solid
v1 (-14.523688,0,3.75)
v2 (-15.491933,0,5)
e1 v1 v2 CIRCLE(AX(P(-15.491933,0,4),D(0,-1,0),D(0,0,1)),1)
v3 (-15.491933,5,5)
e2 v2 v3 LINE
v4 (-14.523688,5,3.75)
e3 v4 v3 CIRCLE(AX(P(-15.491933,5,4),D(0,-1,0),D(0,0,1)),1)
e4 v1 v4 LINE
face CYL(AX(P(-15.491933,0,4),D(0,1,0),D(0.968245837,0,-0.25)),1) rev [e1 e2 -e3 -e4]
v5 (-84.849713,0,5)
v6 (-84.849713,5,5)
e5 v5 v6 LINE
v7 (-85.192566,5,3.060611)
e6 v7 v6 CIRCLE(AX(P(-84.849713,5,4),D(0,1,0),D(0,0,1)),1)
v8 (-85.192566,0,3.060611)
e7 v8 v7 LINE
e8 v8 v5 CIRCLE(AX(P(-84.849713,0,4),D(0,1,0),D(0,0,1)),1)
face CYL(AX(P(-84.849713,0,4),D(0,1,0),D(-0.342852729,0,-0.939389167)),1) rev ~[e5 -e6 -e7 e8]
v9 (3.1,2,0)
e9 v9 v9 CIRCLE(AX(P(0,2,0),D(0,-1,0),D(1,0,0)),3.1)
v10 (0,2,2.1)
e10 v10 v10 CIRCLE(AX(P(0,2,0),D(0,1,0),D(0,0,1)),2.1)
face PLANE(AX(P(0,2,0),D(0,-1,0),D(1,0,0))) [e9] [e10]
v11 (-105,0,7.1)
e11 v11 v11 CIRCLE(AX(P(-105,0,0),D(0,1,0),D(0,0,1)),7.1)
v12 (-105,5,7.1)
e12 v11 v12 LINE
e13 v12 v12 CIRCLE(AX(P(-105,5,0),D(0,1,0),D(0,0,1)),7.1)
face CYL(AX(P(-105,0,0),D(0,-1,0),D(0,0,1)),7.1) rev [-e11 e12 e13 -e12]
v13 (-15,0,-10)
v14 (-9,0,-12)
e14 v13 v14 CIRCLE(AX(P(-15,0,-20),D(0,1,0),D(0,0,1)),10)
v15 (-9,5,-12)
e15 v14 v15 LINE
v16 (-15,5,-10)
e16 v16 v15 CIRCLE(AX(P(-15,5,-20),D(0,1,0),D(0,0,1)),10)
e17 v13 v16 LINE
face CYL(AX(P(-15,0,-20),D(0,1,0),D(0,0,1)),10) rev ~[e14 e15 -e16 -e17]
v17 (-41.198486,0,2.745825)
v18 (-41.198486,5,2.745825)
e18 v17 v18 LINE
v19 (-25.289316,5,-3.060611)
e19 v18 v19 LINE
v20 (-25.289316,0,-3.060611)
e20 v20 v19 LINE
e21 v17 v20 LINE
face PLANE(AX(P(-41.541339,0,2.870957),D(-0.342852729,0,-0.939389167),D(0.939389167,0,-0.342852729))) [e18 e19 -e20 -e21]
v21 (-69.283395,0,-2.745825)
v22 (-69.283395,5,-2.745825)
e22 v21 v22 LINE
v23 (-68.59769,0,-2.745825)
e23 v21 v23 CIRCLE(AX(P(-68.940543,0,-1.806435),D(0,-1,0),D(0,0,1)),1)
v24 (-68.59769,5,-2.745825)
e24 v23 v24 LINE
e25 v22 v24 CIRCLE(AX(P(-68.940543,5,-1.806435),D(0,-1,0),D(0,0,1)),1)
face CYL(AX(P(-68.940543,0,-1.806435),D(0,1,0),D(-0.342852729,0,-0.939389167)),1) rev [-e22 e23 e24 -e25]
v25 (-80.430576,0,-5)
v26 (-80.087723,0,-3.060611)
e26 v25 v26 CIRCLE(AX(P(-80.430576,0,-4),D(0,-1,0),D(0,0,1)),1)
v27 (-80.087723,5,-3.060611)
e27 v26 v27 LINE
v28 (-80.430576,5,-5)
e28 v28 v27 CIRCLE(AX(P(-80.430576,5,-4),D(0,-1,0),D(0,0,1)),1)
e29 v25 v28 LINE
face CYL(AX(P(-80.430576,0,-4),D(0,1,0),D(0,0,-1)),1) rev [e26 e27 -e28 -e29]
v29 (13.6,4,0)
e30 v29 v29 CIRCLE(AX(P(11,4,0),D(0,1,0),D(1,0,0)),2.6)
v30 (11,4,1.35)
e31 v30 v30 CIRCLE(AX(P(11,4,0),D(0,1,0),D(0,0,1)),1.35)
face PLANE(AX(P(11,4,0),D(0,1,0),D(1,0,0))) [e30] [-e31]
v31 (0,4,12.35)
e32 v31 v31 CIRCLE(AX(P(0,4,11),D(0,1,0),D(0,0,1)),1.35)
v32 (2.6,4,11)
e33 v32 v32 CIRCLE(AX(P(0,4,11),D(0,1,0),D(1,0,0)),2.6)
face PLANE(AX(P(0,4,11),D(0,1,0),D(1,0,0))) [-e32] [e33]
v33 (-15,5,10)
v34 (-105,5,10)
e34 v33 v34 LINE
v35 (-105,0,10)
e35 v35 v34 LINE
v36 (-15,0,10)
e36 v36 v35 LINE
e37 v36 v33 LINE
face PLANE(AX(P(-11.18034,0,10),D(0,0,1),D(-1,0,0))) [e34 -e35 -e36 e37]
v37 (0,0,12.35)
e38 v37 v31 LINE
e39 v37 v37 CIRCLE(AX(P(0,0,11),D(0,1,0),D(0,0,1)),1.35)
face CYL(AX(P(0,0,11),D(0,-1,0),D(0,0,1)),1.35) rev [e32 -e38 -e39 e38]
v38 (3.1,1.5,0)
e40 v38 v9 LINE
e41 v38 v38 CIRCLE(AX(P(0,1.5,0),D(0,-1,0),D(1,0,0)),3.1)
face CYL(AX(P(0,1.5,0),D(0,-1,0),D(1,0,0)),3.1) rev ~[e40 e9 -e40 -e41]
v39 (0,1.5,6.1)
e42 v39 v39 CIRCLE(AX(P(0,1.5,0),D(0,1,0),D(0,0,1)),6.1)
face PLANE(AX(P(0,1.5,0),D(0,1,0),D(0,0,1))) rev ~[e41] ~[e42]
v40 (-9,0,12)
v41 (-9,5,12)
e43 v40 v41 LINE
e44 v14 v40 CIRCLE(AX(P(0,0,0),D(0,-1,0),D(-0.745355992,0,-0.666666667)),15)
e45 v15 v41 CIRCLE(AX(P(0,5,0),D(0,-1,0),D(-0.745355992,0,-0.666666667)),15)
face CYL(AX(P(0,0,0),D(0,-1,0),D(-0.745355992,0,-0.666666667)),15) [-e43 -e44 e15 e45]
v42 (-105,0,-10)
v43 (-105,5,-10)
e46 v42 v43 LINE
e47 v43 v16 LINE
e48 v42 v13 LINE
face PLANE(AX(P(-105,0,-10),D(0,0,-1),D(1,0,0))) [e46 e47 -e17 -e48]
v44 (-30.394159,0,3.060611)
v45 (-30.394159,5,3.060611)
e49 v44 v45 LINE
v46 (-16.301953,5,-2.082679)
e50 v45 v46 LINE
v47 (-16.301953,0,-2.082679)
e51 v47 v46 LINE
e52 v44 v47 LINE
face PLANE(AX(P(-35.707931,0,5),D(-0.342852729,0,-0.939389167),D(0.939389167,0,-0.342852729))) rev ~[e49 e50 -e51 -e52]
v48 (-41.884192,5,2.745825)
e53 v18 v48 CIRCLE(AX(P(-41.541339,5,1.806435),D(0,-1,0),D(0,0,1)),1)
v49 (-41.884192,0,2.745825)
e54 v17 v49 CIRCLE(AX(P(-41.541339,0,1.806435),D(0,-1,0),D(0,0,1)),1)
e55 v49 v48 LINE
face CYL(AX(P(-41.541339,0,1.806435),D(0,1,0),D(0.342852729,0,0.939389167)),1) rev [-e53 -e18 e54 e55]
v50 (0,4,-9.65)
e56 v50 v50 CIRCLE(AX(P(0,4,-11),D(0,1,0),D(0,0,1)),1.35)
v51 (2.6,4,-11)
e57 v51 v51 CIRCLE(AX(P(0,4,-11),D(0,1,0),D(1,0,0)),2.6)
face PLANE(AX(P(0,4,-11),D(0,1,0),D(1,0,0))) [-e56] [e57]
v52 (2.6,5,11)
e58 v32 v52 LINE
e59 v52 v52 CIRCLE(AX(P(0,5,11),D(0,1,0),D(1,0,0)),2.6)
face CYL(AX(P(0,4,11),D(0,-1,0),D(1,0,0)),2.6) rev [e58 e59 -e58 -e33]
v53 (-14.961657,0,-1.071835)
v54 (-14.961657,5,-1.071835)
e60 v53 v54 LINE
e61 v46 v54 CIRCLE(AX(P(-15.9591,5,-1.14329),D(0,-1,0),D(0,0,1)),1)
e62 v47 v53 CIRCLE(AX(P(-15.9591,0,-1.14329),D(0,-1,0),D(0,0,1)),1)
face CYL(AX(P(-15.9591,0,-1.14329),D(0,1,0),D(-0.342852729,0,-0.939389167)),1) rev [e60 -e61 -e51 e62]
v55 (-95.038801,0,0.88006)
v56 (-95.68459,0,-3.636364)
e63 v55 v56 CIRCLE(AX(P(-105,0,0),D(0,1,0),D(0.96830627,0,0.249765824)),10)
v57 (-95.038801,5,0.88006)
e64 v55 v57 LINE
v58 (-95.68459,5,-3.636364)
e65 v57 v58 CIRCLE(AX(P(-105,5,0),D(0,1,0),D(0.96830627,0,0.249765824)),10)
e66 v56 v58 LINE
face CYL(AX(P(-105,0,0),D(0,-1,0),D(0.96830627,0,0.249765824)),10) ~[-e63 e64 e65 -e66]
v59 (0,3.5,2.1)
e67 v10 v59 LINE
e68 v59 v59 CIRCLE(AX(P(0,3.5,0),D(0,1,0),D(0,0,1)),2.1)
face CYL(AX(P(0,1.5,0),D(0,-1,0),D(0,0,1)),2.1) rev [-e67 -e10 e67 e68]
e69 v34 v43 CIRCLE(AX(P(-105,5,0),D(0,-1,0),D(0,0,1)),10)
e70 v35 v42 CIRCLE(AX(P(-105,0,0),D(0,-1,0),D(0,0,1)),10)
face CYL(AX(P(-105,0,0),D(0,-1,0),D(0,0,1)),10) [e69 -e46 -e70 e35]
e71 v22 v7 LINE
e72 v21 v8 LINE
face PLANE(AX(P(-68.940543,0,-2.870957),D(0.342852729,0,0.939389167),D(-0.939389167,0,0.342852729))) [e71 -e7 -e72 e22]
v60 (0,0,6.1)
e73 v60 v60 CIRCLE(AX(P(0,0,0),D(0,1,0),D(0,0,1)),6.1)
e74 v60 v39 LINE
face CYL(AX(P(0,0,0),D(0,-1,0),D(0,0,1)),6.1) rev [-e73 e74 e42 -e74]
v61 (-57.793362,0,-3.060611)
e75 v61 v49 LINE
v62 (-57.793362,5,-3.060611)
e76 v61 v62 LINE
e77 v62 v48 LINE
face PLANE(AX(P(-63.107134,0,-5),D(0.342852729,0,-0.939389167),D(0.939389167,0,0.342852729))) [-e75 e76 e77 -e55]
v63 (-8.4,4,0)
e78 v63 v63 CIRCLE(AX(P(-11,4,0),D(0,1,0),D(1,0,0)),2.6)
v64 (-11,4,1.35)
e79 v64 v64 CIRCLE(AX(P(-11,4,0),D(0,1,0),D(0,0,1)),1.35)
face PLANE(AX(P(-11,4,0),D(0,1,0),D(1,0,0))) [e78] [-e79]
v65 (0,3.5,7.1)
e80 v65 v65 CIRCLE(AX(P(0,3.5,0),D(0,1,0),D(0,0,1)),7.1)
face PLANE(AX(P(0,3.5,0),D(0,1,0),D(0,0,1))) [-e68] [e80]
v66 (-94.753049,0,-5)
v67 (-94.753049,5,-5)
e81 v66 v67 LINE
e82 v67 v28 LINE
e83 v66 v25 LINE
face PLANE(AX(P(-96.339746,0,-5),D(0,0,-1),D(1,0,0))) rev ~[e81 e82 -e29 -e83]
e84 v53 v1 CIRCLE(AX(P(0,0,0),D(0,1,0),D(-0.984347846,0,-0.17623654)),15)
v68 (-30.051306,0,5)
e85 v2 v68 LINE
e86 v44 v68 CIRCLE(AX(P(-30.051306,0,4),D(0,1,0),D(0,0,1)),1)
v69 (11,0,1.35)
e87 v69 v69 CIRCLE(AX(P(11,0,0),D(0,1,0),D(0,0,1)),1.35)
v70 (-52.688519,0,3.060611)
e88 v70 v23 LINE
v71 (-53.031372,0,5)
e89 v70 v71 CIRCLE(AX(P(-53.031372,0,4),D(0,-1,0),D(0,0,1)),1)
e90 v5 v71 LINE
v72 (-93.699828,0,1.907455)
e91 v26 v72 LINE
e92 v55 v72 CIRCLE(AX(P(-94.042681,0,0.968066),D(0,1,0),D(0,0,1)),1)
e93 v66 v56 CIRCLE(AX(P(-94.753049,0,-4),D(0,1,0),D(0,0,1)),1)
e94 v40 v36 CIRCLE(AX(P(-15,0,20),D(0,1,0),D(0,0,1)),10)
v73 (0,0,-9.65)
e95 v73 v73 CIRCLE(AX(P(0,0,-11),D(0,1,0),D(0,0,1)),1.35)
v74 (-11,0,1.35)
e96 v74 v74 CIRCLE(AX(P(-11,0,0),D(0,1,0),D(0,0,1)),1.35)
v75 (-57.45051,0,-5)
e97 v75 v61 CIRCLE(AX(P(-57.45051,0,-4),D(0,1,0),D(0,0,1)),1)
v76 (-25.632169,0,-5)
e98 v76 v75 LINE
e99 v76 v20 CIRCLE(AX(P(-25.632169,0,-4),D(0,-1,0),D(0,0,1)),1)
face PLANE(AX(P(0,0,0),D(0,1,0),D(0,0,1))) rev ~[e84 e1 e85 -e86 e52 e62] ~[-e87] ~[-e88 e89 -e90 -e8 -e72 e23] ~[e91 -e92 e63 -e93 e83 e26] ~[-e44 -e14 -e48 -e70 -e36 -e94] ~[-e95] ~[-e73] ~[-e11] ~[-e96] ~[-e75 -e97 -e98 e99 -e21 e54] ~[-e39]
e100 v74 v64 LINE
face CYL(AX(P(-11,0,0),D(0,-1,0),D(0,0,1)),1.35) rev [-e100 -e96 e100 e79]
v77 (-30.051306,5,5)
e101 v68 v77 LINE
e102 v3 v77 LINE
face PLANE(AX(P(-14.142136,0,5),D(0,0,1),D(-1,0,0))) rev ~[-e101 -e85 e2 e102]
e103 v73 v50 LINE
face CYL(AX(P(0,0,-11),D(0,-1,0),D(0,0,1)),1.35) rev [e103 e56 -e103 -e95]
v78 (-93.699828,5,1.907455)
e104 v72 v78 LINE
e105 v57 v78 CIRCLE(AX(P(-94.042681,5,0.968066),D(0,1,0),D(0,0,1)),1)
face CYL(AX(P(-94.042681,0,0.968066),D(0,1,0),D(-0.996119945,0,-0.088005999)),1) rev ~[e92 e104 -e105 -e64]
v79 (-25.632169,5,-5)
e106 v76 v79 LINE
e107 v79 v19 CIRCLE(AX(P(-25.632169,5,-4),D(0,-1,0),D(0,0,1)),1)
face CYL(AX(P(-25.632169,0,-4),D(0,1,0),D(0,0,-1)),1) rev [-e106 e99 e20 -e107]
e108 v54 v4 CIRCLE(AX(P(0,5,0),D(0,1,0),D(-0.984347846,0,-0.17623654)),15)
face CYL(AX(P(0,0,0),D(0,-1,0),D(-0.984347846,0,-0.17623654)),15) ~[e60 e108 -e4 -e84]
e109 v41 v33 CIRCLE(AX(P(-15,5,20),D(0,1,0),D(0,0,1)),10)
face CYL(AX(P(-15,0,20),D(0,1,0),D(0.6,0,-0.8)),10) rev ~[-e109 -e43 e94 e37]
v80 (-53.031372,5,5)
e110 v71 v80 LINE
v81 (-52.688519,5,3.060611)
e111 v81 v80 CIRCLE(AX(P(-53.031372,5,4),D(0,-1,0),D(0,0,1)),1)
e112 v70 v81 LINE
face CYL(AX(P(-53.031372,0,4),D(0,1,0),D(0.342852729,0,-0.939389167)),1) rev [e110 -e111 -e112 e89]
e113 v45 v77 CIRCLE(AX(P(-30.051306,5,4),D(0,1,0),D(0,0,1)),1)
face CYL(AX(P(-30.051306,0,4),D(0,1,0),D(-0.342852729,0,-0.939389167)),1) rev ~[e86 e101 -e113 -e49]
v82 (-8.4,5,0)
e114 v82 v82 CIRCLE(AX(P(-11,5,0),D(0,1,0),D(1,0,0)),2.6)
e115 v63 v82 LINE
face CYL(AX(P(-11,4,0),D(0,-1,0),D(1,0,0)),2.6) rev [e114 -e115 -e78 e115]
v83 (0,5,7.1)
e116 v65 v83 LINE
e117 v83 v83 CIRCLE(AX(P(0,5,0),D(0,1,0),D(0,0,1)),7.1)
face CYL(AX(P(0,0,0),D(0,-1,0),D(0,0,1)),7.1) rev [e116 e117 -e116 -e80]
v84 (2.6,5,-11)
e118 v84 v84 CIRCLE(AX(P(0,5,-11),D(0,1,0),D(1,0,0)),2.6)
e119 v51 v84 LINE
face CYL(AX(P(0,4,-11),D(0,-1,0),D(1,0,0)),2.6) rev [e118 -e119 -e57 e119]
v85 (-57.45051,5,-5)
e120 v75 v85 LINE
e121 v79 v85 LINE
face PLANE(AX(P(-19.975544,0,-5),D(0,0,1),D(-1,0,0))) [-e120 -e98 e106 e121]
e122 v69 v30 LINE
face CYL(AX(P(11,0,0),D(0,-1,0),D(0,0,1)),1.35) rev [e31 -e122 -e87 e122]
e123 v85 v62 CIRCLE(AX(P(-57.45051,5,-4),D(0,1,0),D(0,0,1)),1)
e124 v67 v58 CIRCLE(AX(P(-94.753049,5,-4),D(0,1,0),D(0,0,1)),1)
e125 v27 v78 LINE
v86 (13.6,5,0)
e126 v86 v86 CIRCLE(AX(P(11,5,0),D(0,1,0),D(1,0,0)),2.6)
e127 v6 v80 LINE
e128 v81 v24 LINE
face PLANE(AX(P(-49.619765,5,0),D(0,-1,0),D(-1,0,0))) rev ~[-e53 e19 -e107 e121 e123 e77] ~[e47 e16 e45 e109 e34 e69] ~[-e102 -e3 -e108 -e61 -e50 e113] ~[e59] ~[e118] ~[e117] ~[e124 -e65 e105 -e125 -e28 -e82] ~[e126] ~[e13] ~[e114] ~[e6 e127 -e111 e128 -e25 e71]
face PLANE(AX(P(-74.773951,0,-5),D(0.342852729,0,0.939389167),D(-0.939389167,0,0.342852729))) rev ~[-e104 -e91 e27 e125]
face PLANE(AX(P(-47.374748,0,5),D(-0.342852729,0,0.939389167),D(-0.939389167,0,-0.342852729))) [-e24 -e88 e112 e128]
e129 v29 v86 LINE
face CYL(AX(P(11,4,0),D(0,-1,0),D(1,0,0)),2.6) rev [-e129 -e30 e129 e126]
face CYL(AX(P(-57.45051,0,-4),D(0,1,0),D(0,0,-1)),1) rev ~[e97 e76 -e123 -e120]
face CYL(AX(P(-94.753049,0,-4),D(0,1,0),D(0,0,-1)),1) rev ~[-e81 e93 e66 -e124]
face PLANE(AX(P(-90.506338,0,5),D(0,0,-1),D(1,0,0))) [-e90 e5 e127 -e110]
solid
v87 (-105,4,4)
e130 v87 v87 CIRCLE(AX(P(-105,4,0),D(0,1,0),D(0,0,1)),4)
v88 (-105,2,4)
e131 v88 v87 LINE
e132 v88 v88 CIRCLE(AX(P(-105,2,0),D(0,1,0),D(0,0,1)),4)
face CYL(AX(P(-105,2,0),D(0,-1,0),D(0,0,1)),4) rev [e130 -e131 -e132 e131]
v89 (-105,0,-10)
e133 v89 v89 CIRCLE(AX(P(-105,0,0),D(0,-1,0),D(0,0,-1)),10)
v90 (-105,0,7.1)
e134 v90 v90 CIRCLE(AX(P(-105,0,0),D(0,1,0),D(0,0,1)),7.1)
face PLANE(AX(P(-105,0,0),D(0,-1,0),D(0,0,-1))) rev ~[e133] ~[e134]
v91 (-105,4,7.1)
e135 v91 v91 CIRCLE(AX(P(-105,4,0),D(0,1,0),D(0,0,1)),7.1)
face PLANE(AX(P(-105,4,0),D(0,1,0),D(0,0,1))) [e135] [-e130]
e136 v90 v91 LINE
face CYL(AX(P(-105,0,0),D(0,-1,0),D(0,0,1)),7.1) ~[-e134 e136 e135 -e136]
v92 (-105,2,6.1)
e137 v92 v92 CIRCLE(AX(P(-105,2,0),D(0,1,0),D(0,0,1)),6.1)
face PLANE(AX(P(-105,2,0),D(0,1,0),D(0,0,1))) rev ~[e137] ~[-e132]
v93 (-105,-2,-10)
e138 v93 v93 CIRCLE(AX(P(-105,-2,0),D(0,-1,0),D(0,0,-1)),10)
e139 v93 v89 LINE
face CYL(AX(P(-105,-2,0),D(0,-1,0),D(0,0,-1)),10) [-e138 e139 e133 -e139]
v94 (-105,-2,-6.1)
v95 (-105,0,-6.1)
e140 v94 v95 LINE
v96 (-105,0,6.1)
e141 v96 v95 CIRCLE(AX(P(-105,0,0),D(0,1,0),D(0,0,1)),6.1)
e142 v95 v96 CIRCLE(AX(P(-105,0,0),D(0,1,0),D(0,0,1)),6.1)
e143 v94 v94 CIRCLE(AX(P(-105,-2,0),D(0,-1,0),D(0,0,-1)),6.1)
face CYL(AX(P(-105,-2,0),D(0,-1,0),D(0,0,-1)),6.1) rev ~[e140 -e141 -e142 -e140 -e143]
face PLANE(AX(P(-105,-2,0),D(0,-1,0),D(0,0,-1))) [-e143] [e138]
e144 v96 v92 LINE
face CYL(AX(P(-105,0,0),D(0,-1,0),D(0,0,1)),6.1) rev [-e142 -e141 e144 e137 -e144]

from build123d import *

# Parameters (mm, degrees)
SKETCH_1_R          = 1.35
SKETCH_1_R_2        = 7.1
EXTRUDE_1_DEPTH     = 5
EXTRUDE_START       = 1.5
SKETCH_1_4_R        = 6.1
SKETCH_1_4_R_2      = 2.1
EXTRUDE_3_DEPTH     = 2
FILLET_1_R          = 1
FILLET_2_R          = 1
FILLET_3_R          = 1
FILLET_4_R          = 1
FILLET_5_R          = 10
SKETCH_1_9_R        = 7.1
SKETCH_1_9_R_2      = 6.1
EXTRUDE_4_DEPTH     = 4
EXTRUDE_START_2     = 2
SKETCH_1_10_R       = 6.1
SKETCH_1_10_R_2     = 4
EXTRUDE_5_DEPTH     = 2
SKETCH_2_R          = 10
SKETCH_2_R_2        = 6.1
EXTRUDE_6_DEPTH     = 2
SKETCH_1_11_R       = 7.1
SKETCH_1_11_R_2     = 6.1
EXTRUDE_7_DEPTH     = 3.5
CUT_EXTRUDE_START   = 4
SKETCH_1_15_R       = 2.6
SKETCH_1_15_R_2     = 1.35
CUT_EXTRUDE_1_DEPTH = 1
SKETCH_3_R          = 3.1
SKETCH_3_R_2        = 2.1
CUT_EXTRUDE_2_DEPTH = 0.5


with BuildPart() as part:
    # Sketch 1 → Extrude 1 (new body)
    with BuildSketch(Plane(origin=(0, 0, 0), x_dir=(1, 0, 0), z_dir=(0, 1, 0))):
        with BuildLine():
            Line((-105, 10), (-11.180339887, 10))
            ThreePointArc((-11.180339887, 10), (15, 0), (-11.180339887, -10))
            Line((-11.180339887, -10), (-105, -10))
            ThreePointArc((-105, -10), (-115, 0), (-105, 10))
        make_face()
        with Locations(Location((-11, 0, 0), (0, 0, 270))):
            Circle(SKETCH_1_R, mode=Mode.SUBTRACT)
        with Locations(Location((0, 11, 0), (0, 0, 270))):
            Circle(SKETCH_1_R, mode=Mode.SUBTRACT)
        with Locations(Location((11, 0, 0), (0, 0, 270))):
            Circle(SKETCH_1_R, mode=Mode.SUBTRACT)
        with Locations(Location((0, -11, 0), (0, 0, 270))):
            Circle(SKETCH_1_R, mode=Mode.SUBTRACT)
        with Locations(Location((-105, 0, 0), (0, 0, 270))):
            Circle(SKETCH_1_R_2, mode=Mode.SUBTRACT)
        with Locations(Location((0, 0, 0), (0, 0, 270))):
            Circle(SKETCH_1_R_2, mode=Mode.SUBTRACT)
        Polygon((-90.506337526, -5), (-47.374747506, -5), (-68.940542516, 2.870956925), align=None, mode=Mode.SUBTRACT)
        with BuildLine():
            Line((-96.339745962, 5), (-74.773950952, 5))
            Line((-74.773950952, 5), (-95.316937296, -2.497658238))
            ThreePointArc((-95.316937296, -2.497658238), (-95.091769228, 1.351651939), (-96.339745962, 5))
        make_face(mode=Mode.SUBTRACT)
        Polygon((-63.10713408, 5), (-41.54133907, -2.870956925), (-19.97554406, 5), align=None, mode=Mode.SUBTRACT)
        with BuildLine():
            Line((-35.707930634, -5), (-14.76521769, 2.6435481))
            ThreePointArc((-14.76521769, 2.6435481), (-14.950408884, -1.218718263), (-14.142135624, -5))
            Line((-14.142135624, -5), (-35.707930634, -5))
        make_face(mode=Mode.SUBTRACT)
    extrude(amount=EXTRUDE_1_DEPTH)

    # Fillet 1
    fillet_1_edges = [part.edges().sort_by_distance(p)[0] for p in [
        (-74.773950952, 2.5, -5),
        (-96.339745962, 2.5, -5),
        (-95.316937296, 2.5, 2.497658238),
    ]]
    fillet(fillet_1_edges, radius=FILLET_1_R)

    # Fillet 2
    fillet_2_edges = [part.edges().sort_by_distance(p)[0] for p in [
        (-90.506337526, 2.5, 5),
        (-47.374747506, 2.5, 5),
        (-68.940542516, 2.5, -2.870956925),
    ]]
    fillet(fillet_2_edges, radius=FILLET_2_R)

    # Fillet 3
    fillet_3_edges = [part.edges().sort_by_distance(p)[0] for p in [
        (-41.54133907, 2.5, 2.870956925),
        (-19.97554406, 2.5, -5),
        (-63.10713408, 2.5, -5),
    ]]
    fillet(fillet_3_edges, radius=FILLET_3_R)

    # Fillet 4
    fillet_4_edges = [part.edges().sort_by_distance(p)[0] for p in [
        (-35.707930634, 2.5, 5),
        (-14.142135624, 2.5, 5),
        (-14.76521769, 2.5, -2.6435481),
    ]]
    fillet(fillet_4_edges, radius=FILLET_4_R)

    # Fillet 5
    fillet_5_edges = [part.edges().sort_by_distance(p)[0] for p in [
        (-11.180339887, 2.5, -10),
        (-11.180339887, 2.5, 10),
    ]]
    fillet(fillet_5_edges, radius=FILLET_5_R)



with BuildPart() as body_2:
    # Sketch 1_4 → Extrude 3 (new body)
    with BuildSketch(Plane(origin=(0, 0, 0), x_dir=(1, 0, 0), z_dir=(0, 1, 0)).offset(EXTRUDE_START)):
        with Locations(Location((0, 0, 0), (0, 0, 270))):
            Circle(SKETCH_1_4_R)
        with Locations(Location((0, 0, 0), (0, 0, 270))):
            Circle(SKETCH_1_4_R_2, mode=Mode.SUBTRACT)
    extrude(amount=EXTRUDE_3_DEPTH)


with BuildPart() as body_3:
    # Sketch 1_9 → Extrude 4 (new body)
    with BuildSketch(Plane(origin=(0, 0, 0), x_dir=(1, 0, 0), z_dir=(0, 1, 0))):
        with Locations(Location((-105, 0, 0), (0, 0, 270))):
            Circle(SKETCH_1_9_R)
        with Locations(Location((-105, 0, 0), (0, 0, 270))):
            Circle(SKETCH_1_9_R_2, mode=Mode.SUBTRACT)
    extrude(amount=EXTRUDE_4_DEPTH)

    # Sketch 1_10 → Extrude 5 (add)
    with BuildSketch(Plane(origin=(0, 0, 0), x_dir=(1, 0, 0), z_dir=(0, 1, 0)).offset(EXTRUDE_START_2)):
        with Locations(Location((-105, 0, 0), (0, 0, 270))):
            Circle(SKETCH_1_10_R)
        with Locations(Location((-105, 0, 0), (0, 0, 270))):
            Circle(SKETCH_1_10_R_2, mode=Mode.SUBTRACT)
    extrude(amount=EXTRUDE_5_DEPTH)

    # Sketch 2 → Extrude 6 (add)
    with BuildSketch(Plane.XZ.offset(EXTRUDE_START_2)):
        with Locations(Location((-105, 0, 0), (0, 0, 270))):
            Circle(SKETCH_2_R)
        with Locations(Location((-105, 0, 0), (0, 0, 270))):
            Circle(SKETCH_2_R_2, mode=Mode.SUBTRACT)
    extrude(amount=-EXTRUDE_6_DEPTH)


with BuildPart() as part_1:
    add(part.part)

    add(body_2.part)  # Extrude 7 merges body 2
    # Sketch 1_11 → Extrude 7 (add)
    with BuildSketch(Plane(origin=(0, 0, 0), x_dir=(1, 0, 0), z_dir=(0, 1, 0))):
        with Locations(Location((0, 0, 0), (0, 0, 270))):
            Circle(SKETCH_1_11_R)
        with Locations(Location((0, 0, 0), (0, 0, 270))):
            Circle(SKETCH_1_11_R_2, mode=Mode.SUBTRACT)
    extrude(amount=EXTRUDE_7_DEPTH)

    # Sketch 1_15 → Cut-Extrude 1 (cut)
    # profile 1 of 4: a face of its own
    with BuildSketch(Plane(origin=(0, 0, 0), x_dir=(1, 0, 0), z_dir=(0, 1, 0)).offset(CUT_EXTRUDE_START)):
        with Locations((-11, 0)):
            Circle(SKETCH_1_15_R)
        with Locations((-11, 0)):
            Circle(SKETCH_1_15_R_2, mode=Mode.SUBTRACT)
    # profile 2 of 4: a face of its own
    with BuildSketch(Plane(origin=(0, 0, 0), x_dir=(1, 0, 0), z_dir=(0, 1, 0)).offset(CUT_EXTRUDE_START)):
        with Locations((0, 11)):
            Circle(SKETCH_1_15_R)
        with Locations((0, 11)):
            Circle(SKETCH_1_15_R_2, mode=Mode.SUBTRACT)
    # profile 3 of 4: a face of its own
    with BuildSketch(Plane(origin=(0, 0, 0), x_dir=(1, 0, 0), z_dir=(0, 1, 0)).offset(CUT_EXTRUDE_START)):
        with Locations((11, 0)):
            Circle(SKETCH_1_15_R)
        with Locations((11, 0)):
            Circle(SKETCH_1_15_R_2, mode=Mode.SUBTRACT)
    # profile 4 of 4: a face of its own
    with BuildSketch(Plane(origin=(0, 0, 0), x_dir=(1, 0, 0), z_dir=(0, 1, 0)).offset(CUT_EXTRUDE_START)):
        with Locations((0, -11)):
            Circle(SKETCH_1_15_R)
        with Locations((0, -11)):
            Circle(SKETCH_1_15_R_2, mode=Mode.SUBTRACT)
    extrude(amount=CUT_EXTRUDE_1_DEPTH, mode=Mode.SUBTRACT)

    # Sketch 3 → Cut-Extrude 2 (cut)
    with BuildSketch(Plane.XZ.offset(-1.5)):
        Circle(SKETCH_3_R)
        Circle(SKETCH_3_R_2, mode=Mode.SUBTRACT)
    extrude(amount=-CUT_EXTRUDE_2_DEPTH, mode=Mode.SUBTRACT)


solid = Compound([body_3.part, part_1.part])
